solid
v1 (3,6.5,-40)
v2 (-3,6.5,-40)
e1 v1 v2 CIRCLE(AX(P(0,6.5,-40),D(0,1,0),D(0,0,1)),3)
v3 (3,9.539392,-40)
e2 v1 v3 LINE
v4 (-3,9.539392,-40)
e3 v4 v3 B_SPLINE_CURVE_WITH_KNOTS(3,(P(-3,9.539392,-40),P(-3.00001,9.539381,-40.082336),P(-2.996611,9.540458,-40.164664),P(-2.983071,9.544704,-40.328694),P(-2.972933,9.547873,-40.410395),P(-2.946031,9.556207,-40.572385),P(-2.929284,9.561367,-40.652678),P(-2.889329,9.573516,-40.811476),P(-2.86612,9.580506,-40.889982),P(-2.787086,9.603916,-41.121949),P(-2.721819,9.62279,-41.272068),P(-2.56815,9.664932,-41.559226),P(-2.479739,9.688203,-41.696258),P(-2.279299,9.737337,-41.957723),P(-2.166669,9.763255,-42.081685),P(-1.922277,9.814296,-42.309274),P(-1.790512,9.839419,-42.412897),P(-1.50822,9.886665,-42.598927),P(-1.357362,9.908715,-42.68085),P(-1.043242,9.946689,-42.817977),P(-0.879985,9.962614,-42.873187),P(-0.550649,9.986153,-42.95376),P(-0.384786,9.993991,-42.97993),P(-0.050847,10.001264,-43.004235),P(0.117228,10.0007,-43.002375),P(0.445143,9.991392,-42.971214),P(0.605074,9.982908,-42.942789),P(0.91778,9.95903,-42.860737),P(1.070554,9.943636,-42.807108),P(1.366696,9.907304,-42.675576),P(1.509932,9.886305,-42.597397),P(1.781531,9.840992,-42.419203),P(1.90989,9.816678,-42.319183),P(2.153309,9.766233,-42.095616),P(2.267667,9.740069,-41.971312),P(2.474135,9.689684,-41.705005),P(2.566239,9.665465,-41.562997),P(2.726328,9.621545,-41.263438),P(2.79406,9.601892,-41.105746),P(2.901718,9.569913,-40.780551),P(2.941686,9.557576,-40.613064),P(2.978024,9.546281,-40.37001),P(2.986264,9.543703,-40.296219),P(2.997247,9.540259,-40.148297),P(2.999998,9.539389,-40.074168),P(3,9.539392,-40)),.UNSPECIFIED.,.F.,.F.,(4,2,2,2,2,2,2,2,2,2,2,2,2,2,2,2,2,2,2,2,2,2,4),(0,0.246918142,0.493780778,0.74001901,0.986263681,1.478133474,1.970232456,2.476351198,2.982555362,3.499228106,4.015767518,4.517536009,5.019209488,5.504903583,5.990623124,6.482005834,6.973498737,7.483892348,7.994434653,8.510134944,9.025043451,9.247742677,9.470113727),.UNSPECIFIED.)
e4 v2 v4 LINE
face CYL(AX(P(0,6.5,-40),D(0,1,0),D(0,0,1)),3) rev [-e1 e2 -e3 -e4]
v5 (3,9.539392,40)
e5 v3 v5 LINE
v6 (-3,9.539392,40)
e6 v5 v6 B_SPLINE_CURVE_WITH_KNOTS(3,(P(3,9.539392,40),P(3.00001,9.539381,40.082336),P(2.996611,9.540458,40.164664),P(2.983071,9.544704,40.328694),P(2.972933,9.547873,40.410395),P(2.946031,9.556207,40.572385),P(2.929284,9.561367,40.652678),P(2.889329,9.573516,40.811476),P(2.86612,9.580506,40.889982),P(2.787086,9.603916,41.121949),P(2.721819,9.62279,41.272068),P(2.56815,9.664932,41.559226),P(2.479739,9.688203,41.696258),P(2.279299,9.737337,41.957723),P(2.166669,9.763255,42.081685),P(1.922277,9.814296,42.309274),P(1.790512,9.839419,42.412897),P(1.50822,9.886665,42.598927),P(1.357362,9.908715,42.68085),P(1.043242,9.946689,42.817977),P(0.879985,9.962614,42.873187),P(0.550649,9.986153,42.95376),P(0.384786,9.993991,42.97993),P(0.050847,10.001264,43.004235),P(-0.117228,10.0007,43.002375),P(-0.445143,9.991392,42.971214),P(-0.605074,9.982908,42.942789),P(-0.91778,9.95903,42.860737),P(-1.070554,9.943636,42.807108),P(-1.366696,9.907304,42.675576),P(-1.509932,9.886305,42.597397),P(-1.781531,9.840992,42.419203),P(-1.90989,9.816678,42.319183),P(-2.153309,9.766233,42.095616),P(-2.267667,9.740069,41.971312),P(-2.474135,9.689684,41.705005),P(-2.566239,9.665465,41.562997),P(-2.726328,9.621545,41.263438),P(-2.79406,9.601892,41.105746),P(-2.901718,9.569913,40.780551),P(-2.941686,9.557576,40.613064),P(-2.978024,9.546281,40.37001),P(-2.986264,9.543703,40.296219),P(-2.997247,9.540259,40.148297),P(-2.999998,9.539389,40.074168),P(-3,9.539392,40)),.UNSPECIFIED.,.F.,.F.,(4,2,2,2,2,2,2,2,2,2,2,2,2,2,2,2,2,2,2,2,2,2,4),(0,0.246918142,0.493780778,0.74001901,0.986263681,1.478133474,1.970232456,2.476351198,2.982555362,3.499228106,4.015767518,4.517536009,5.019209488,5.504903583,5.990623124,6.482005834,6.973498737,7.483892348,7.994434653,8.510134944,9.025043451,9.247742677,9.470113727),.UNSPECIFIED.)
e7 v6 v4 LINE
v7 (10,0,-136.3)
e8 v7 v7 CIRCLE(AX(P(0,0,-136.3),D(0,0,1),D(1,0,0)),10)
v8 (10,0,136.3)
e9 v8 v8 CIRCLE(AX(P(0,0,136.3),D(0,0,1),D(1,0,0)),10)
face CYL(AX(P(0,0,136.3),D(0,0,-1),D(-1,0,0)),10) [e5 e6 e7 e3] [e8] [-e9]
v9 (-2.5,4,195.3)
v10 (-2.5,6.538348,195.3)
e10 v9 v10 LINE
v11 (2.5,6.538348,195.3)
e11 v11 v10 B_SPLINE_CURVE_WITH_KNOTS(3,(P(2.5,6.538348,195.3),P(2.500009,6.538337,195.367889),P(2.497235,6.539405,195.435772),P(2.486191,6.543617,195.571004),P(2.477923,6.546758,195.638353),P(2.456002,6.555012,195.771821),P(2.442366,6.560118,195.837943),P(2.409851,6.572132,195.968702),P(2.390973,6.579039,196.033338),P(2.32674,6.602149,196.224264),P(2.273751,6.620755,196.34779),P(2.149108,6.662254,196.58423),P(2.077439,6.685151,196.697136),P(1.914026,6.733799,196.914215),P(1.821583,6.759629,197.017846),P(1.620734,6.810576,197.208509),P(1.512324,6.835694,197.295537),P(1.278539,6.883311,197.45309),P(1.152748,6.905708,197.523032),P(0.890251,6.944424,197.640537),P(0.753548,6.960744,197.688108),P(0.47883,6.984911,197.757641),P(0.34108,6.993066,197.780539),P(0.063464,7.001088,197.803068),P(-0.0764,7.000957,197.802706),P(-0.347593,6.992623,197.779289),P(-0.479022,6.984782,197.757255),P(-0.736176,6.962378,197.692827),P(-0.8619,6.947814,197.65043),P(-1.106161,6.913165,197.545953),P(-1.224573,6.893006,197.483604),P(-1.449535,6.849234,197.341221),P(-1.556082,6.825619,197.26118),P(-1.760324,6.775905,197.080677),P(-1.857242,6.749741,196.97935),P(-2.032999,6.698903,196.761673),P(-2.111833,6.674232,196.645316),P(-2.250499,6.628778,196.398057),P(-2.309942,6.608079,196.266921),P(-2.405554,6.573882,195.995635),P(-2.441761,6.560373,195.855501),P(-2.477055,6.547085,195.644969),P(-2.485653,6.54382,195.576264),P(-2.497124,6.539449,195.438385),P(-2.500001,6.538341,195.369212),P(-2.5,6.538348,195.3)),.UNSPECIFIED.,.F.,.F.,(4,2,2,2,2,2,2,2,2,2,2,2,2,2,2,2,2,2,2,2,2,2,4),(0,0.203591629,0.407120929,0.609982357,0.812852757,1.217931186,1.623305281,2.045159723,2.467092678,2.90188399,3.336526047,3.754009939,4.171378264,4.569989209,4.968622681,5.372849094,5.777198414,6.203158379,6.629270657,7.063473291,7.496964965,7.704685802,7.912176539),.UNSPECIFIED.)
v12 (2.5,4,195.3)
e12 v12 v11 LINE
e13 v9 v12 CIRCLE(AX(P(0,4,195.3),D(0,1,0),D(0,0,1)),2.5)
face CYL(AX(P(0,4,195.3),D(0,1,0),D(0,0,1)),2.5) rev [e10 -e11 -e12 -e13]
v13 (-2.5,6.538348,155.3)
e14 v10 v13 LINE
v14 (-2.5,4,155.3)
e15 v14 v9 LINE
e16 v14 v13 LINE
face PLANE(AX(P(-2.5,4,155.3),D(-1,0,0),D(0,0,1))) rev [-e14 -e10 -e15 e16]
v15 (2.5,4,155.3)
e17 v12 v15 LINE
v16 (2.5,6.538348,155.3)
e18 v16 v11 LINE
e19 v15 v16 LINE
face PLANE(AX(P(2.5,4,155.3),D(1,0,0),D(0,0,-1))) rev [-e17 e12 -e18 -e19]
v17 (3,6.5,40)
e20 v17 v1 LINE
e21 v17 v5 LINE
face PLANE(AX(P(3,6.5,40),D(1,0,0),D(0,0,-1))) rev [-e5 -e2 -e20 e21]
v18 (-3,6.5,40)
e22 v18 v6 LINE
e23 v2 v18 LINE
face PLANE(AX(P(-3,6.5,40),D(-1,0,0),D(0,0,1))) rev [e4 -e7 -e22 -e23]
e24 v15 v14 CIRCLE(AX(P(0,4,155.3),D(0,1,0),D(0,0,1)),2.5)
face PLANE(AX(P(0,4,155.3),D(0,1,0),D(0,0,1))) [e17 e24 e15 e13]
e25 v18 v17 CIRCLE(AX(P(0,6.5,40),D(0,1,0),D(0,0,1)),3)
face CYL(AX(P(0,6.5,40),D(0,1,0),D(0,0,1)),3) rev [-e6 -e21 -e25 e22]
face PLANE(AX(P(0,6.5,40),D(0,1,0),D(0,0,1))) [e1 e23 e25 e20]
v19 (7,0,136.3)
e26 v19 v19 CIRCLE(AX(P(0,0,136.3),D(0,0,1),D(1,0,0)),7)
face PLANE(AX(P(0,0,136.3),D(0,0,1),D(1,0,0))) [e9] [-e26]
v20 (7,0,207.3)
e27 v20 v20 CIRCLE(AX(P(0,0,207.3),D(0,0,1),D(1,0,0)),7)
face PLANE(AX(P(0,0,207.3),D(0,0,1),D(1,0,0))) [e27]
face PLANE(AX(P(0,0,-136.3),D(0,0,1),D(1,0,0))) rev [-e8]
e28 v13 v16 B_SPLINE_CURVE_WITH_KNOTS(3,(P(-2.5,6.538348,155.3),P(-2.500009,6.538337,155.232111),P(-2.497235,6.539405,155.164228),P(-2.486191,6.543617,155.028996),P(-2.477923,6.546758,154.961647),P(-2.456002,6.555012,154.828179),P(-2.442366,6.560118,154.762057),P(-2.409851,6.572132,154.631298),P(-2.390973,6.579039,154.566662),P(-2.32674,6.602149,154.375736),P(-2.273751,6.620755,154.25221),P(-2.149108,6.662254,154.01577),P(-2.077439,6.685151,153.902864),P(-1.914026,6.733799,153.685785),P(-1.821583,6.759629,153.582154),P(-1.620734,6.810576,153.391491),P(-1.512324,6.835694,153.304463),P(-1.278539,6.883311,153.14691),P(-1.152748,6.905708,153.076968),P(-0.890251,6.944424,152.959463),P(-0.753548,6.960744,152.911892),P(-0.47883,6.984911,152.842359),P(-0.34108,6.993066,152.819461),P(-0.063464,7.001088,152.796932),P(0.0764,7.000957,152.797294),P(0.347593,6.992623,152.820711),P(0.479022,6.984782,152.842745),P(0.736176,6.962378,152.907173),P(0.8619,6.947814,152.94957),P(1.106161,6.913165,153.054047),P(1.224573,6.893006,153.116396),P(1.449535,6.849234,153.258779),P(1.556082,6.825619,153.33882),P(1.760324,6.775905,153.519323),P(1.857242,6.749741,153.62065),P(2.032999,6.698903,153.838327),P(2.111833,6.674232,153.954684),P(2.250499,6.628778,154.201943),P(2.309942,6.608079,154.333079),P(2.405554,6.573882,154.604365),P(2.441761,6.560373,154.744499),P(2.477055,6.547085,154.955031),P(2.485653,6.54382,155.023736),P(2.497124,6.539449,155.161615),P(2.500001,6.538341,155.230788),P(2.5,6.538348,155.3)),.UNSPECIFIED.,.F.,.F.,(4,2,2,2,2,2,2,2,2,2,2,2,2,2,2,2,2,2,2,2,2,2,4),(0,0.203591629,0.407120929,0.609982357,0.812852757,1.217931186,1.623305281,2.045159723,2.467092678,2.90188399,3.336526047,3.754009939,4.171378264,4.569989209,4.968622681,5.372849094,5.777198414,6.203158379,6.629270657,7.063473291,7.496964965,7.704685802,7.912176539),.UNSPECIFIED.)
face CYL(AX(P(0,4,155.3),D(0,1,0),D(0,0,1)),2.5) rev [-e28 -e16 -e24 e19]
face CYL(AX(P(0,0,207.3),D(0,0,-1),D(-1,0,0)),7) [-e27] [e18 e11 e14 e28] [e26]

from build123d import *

# Parameters (mm, degrees)
IZIM1_R                     = 10
Y_KSEKLIK_EKSTR_ZYON1_DEPTH = 136.3
IZIM2_R                     = 7
Y_KSEKLIK_EKSTR_ZYON2_DEPTH = 71
KES_EKSTR_ZYON1_DEPTH       = 3
KES_EKSTR_ZYON2_DEPTH       = 3.5


with BuildPart() as part:
    # Çizim1 → Yükseklik-Ekstrüzyon1 (new, symmetric)
    with BuildSketch(Plane.XY):
        Circle(IZIM1_R)
    extrude(amount=Y_KSEKLIK_EKSTR_ZYON1_DEPTH, both=True)

    # Çizim2 → Yükseklik-Ekstrüzyon2 (add)
    with BuildSketch(Plane.XY.offset(136.3)):
        Circle(IZIM2_R)
    extrude(amount=Y_KSEKLIK_EKSTR_ZYON2_DEPTH)

    # Çizim3 → Kes-Ekstrüzyon1 (cut)
    with BuildSketch(Plane(origin=(0, 7, 0), x_dir=(1, 0, 0), z_dir=(0, 1, 0))):
        with BuildLine():
            Line((2.5, -155.3), (2.5, -195.3))
            ThreePointArc((2.5, -195.3), (0, -197.8), (-2.5, -195.3))
            Line((-2.5, -195.3), (-2.5, -155.3))
            ThreePointArc((-2.5, -155.3), (0, -152.8), (2.5, -155.3))
        make_face()
    extrude(amount=-KES_EKSTR_ZYON1_DEPTH, mode=Mode.SUBTRACT)

    # Çizim4 → Kes-Ekstrüzyon2 (cut)
    with BuildSketch(Plane(origin=(0, 10, 0), x_dir=(1, 0, 0), z_dir=(0, 1, 0))):
        with BuildLine():
            Line((-3, -40), (-3, 40))
            ThreePointArc((-3, 40), (0, 43), (3, 40))
            Line((3, 40), (3, -40))
            ThreePointArc((3, -40), (0, -43), (-3, -40))
        make_face()
    extrude(amount=-KES_EKSTR_ZYON2_DEPTH, mode=Mode.SUBTRACT)


solid = part.part
